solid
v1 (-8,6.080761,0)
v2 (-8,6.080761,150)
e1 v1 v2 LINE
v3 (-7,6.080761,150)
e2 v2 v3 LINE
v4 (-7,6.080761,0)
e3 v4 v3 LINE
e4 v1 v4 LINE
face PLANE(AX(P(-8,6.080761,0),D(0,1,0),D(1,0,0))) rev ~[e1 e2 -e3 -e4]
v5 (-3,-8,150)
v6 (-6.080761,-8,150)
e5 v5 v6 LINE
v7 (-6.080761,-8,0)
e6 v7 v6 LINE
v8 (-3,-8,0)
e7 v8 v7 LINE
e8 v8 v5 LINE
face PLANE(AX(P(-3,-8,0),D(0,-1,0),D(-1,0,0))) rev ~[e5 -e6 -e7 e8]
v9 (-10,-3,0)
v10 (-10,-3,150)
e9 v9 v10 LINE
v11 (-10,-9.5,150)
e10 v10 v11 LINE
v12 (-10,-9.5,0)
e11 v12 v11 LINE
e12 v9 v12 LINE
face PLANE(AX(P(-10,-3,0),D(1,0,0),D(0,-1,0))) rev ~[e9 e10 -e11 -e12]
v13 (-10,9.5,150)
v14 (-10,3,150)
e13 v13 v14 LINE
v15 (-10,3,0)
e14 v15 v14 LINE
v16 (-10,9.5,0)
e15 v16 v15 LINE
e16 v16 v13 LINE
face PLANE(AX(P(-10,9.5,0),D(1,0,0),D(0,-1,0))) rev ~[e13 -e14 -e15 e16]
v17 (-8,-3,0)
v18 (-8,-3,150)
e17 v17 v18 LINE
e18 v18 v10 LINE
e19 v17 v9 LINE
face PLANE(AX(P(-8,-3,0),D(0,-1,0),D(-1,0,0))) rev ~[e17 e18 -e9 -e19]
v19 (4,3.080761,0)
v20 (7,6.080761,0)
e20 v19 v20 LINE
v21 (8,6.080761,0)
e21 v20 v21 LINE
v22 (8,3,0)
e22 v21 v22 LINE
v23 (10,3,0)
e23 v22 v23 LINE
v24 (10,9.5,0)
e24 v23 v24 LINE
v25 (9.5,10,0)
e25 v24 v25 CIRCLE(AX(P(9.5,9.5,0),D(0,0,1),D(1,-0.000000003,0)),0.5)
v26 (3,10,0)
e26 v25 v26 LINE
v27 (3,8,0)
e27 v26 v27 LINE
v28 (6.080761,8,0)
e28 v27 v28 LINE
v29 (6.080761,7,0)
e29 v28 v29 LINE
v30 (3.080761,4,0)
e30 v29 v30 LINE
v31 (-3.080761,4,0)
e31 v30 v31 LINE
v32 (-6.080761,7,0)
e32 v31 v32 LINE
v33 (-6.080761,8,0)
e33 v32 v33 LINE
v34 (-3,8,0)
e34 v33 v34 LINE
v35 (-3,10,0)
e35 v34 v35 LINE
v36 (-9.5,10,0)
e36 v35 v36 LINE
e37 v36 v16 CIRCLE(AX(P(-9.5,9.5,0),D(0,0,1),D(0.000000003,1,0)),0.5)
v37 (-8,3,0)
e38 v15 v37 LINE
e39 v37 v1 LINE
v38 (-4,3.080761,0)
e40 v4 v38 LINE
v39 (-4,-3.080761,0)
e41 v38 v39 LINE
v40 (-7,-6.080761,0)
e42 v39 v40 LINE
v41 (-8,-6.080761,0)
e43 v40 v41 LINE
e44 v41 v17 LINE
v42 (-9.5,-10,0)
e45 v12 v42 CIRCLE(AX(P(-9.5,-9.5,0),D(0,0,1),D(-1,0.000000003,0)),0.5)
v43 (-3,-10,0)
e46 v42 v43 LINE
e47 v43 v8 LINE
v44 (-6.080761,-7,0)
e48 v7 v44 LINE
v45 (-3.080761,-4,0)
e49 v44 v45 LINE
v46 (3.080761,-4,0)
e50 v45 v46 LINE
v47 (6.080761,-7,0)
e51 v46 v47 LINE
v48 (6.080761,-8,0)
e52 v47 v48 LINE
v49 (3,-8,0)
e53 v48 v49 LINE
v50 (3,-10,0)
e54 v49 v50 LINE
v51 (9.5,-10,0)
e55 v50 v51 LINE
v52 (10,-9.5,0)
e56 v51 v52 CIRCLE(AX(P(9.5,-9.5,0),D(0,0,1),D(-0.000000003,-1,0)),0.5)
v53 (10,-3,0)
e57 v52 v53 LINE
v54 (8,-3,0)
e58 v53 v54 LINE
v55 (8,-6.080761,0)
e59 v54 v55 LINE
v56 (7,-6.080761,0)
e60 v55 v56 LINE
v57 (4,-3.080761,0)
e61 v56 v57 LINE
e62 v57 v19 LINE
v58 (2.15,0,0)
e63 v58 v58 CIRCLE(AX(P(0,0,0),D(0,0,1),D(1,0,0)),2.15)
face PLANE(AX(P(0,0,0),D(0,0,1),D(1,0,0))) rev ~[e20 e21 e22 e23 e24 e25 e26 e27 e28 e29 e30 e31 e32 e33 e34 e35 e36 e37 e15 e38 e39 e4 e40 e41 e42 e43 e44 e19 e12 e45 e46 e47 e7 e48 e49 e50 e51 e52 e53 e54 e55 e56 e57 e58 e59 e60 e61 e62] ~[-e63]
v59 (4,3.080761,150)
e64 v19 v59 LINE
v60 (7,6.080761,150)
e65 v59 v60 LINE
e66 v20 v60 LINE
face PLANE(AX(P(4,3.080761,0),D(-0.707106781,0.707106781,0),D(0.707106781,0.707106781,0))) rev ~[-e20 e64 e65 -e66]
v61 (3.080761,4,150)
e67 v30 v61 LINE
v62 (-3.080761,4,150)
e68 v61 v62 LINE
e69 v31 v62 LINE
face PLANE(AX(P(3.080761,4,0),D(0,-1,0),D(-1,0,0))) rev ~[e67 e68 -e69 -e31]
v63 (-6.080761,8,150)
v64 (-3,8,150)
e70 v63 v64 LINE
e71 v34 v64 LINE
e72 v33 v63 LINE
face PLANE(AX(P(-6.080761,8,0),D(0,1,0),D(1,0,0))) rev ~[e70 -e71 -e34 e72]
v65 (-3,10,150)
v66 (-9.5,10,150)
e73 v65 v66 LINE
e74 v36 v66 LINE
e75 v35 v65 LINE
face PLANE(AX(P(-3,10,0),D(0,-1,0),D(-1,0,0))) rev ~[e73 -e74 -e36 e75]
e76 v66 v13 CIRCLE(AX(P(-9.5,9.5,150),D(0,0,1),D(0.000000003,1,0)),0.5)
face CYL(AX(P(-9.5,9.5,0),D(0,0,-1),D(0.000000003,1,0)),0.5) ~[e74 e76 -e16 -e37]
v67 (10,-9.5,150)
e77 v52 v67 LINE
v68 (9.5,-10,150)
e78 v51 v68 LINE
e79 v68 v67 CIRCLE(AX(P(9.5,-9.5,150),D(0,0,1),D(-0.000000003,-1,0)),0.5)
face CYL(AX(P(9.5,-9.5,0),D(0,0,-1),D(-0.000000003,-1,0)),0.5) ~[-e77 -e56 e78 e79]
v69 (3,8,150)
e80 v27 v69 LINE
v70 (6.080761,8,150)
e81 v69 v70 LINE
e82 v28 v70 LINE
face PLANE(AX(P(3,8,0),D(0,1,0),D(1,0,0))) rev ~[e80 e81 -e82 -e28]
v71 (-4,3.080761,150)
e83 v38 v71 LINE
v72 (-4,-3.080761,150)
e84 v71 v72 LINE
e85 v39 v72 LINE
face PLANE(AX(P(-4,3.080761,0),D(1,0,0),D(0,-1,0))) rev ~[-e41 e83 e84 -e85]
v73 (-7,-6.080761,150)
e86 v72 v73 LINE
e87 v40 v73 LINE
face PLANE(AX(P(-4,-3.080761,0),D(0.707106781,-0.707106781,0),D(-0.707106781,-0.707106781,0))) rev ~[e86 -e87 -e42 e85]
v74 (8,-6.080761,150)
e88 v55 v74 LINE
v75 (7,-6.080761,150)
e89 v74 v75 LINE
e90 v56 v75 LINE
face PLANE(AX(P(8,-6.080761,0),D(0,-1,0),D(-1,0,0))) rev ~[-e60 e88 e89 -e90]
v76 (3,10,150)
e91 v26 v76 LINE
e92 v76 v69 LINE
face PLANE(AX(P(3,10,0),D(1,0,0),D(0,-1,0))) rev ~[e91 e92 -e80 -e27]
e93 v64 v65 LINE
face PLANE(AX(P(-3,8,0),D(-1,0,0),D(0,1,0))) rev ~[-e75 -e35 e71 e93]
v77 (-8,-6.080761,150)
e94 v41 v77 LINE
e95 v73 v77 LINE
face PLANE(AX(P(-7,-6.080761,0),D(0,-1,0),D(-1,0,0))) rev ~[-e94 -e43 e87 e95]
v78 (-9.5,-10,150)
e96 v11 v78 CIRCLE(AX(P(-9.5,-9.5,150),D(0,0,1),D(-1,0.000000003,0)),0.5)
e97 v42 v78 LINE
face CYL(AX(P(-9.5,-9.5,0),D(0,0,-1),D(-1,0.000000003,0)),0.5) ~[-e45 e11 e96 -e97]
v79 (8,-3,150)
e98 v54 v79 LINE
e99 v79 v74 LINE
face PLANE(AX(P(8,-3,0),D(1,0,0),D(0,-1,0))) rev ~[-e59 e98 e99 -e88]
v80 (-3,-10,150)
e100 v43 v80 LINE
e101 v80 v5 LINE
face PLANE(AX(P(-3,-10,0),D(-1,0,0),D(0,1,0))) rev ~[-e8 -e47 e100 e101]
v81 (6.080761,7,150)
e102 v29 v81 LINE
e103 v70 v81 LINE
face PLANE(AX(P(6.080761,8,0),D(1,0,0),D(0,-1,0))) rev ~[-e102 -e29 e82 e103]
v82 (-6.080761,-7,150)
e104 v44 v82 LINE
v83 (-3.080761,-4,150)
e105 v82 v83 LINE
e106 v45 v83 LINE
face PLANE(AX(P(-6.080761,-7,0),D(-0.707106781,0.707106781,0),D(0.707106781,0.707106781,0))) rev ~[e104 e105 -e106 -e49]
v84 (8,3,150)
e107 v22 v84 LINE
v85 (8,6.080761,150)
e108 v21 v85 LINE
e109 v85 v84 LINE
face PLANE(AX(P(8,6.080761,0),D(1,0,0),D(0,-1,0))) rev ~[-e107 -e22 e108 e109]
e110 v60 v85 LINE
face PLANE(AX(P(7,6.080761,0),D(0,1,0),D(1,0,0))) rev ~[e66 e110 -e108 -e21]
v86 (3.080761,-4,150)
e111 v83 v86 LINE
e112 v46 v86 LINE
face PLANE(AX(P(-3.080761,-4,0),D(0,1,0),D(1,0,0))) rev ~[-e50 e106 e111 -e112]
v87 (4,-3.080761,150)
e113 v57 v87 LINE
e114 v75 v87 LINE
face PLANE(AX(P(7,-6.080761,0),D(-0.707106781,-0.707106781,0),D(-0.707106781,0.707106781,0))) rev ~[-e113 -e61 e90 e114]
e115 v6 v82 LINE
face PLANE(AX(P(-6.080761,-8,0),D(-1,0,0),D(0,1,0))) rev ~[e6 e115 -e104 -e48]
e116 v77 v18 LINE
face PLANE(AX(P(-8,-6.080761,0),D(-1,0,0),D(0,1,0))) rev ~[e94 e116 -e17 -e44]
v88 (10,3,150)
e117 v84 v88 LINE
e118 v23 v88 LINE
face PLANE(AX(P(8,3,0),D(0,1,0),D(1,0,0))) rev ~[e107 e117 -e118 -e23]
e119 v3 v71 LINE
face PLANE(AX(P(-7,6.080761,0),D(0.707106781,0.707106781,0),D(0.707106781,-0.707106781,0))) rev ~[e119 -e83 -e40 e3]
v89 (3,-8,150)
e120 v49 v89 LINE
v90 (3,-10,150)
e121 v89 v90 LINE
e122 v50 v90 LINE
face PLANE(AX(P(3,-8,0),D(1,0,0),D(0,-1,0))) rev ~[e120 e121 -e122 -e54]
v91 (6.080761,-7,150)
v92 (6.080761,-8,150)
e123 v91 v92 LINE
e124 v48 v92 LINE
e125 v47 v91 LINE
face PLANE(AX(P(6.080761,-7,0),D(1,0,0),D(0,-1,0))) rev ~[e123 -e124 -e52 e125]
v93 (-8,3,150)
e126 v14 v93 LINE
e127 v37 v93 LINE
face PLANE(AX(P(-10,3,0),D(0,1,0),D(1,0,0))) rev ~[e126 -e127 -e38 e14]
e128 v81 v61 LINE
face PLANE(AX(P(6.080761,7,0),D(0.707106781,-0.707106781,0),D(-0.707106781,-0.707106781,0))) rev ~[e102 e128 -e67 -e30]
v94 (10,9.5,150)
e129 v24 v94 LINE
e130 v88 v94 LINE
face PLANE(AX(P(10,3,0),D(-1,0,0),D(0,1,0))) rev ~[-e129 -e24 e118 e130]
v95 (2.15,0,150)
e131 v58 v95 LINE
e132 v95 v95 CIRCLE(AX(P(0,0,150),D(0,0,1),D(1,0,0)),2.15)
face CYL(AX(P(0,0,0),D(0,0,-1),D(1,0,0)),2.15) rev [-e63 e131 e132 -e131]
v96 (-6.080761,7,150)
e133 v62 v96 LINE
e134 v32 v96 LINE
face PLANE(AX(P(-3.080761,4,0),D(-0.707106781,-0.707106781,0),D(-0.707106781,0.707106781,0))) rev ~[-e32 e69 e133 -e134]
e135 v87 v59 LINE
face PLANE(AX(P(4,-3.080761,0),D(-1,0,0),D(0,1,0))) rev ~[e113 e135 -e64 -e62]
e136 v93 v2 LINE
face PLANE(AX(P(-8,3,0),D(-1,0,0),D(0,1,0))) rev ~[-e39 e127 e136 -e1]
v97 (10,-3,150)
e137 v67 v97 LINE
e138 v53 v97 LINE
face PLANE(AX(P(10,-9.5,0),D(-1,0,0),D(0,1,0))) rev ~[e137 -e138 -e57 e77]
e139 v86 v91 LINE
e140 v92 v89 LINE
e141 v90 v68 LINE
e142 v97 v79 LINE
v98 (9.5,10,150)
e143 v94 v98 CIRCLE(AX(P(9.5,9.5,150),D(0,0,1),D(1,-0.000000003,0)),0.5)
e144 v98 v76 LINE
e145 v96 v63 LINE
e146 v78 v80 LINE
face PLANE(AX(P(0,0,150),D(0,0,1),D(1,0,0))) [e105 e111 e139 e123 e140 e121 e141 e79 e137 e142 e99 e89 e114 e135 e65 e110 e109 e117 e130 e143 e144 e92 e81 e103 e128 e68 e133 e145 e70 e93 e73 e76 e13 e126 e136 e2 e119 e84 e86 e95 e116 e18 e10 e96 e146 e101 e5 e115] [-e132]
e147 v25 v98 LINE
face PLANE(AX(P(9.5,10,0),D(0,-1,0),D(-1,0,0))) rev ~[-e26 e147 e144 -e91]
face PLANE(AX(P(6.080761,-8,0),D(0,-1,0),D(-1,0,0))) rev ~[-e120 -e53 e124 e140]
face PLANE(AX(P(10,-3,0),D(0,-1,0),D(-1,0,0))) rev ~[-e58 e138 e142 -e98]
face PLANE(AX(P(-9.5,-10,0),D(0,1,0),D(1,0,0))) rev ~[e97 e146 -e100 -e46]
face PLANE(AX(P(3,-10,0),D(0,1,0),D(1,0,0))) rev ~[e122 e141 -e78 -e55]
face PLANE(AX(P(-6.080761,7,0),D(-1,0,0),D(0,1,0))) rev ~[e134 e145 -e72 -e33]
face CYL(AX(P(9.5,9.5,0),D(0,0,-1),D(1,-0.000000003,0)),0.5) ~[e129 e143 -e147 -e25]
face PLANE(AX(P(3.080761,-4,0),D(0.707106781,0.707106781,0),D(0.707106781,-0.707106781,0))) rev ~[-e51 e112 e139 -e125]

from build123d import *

# Parameters (mm, degrees)
SKETCH1_R           = 2.15
BOSS_EXTRUDE1_DEPTH = 150


with BuildPart() as part:
    # Sketch1 → Boss-Extrude1 (new body)
    with BuildSketch(Plane.XY):
        with BuildLine():
            Line((-3, 10), (-9.5, 10))
            ThreePointArc((-9.5, 10), (-9.853553391, 9.853553391), (-10, 9.5))
            Line((-10, 9.5), (-10, 3))
            Line((-10, 3), (-8, 3))
            Line((-8, 3), (-8, 6.080761184))
            Line((-8, 6.080761184), (-7, 6.080761184))
            Line((-7, 6.080761184), (-4, 3.080761184))
            Line((-4, 3.080761184), (-4, -3.080761184))
            Line((-4, -3.080761184), (-7, -6.080761184))
            Line((-7, -6.080761184), (-8, -6.080761184))
            Line((-8, -6.080761184), (-8, -3))
            Line((-8, -3), (-10, -3))
            Line((-10, -3), (-10, -9.5))
            ThreePointArc((-10, -9.5), (-9.853553391, -9.853553391), (-9.5, -10))
            Line((-9.5, -10), (-3, -10))
            Line((-3, -10), (-3, -8))
            Line((-3, -8), (-6.080761184, -8))
            Line((-6.080761184, -8), (-6.080761184, -7))
            Line((-6.080761184, -7), (-3.080761184, -4))
            Line((-3.080761184, -4), (3.080761184, -4))
            Line((3.080761184, -4), (6.080761184, -7))
            Line((6.080761184, -7), (6.080761184, -8))
            Line((6.080761184, -8), (3, -8))
            Line((3, -8), (3, -10))
            Line((3, -10), (9.5, -10))
            ThreePointArc((9.5, -10), (9.853553391, -9.853553391), (10, -9.5))
            Line((10, -9.5), (10, -3))
            Line((10, -3), (8, -3))
            Line((8, -3), (8, -6.080761184))
            Line((8, -6.080761184), (7, -6.080761184))
            Line((7, -6.080761184), (4, -3.080761184))
            Line((4, -3.080761184), (4, 3.080761184))
            Line((4, 3.080761184), (7, 6.080761184))
            Line((7, 6.080761184), (8, 6.080761184))
            Line((8, 6.080761184), (8, 3))
            Line((8, 3), (10, 3))
            Line((10, 3), (10, 9.5))
            ThreePointArc((10, 9.5), (9.853553391, 9.853553391), (9.5, 10))
            Line((9.5, 10), (3, 10))
            Line((3, 10), (3, 8))
            Line((3, 8), (6.080761184, 8))
            Line((6.080761184, 8), (6.080761184, 7))
            Line((6.080761184, 7), (3.080761184, 4))
            Line((3.080761184, 4), (-3.080761184, 4))
            Line((-3.080761184, 4), (-6.080761184, 7))
            Line((-6.080761184, 7), (-6.080761184, 8))
            Line((-6.080761184, 8), (-3, 8))
            Line((-3, 8), (-3, 10))
        make_face()
        Circle(SKETCH1_R, mode=Mode.SUBTRACT)
    extrude(amount=BOSS_EXTRUDE1_DEPTH)


solid = part.part
